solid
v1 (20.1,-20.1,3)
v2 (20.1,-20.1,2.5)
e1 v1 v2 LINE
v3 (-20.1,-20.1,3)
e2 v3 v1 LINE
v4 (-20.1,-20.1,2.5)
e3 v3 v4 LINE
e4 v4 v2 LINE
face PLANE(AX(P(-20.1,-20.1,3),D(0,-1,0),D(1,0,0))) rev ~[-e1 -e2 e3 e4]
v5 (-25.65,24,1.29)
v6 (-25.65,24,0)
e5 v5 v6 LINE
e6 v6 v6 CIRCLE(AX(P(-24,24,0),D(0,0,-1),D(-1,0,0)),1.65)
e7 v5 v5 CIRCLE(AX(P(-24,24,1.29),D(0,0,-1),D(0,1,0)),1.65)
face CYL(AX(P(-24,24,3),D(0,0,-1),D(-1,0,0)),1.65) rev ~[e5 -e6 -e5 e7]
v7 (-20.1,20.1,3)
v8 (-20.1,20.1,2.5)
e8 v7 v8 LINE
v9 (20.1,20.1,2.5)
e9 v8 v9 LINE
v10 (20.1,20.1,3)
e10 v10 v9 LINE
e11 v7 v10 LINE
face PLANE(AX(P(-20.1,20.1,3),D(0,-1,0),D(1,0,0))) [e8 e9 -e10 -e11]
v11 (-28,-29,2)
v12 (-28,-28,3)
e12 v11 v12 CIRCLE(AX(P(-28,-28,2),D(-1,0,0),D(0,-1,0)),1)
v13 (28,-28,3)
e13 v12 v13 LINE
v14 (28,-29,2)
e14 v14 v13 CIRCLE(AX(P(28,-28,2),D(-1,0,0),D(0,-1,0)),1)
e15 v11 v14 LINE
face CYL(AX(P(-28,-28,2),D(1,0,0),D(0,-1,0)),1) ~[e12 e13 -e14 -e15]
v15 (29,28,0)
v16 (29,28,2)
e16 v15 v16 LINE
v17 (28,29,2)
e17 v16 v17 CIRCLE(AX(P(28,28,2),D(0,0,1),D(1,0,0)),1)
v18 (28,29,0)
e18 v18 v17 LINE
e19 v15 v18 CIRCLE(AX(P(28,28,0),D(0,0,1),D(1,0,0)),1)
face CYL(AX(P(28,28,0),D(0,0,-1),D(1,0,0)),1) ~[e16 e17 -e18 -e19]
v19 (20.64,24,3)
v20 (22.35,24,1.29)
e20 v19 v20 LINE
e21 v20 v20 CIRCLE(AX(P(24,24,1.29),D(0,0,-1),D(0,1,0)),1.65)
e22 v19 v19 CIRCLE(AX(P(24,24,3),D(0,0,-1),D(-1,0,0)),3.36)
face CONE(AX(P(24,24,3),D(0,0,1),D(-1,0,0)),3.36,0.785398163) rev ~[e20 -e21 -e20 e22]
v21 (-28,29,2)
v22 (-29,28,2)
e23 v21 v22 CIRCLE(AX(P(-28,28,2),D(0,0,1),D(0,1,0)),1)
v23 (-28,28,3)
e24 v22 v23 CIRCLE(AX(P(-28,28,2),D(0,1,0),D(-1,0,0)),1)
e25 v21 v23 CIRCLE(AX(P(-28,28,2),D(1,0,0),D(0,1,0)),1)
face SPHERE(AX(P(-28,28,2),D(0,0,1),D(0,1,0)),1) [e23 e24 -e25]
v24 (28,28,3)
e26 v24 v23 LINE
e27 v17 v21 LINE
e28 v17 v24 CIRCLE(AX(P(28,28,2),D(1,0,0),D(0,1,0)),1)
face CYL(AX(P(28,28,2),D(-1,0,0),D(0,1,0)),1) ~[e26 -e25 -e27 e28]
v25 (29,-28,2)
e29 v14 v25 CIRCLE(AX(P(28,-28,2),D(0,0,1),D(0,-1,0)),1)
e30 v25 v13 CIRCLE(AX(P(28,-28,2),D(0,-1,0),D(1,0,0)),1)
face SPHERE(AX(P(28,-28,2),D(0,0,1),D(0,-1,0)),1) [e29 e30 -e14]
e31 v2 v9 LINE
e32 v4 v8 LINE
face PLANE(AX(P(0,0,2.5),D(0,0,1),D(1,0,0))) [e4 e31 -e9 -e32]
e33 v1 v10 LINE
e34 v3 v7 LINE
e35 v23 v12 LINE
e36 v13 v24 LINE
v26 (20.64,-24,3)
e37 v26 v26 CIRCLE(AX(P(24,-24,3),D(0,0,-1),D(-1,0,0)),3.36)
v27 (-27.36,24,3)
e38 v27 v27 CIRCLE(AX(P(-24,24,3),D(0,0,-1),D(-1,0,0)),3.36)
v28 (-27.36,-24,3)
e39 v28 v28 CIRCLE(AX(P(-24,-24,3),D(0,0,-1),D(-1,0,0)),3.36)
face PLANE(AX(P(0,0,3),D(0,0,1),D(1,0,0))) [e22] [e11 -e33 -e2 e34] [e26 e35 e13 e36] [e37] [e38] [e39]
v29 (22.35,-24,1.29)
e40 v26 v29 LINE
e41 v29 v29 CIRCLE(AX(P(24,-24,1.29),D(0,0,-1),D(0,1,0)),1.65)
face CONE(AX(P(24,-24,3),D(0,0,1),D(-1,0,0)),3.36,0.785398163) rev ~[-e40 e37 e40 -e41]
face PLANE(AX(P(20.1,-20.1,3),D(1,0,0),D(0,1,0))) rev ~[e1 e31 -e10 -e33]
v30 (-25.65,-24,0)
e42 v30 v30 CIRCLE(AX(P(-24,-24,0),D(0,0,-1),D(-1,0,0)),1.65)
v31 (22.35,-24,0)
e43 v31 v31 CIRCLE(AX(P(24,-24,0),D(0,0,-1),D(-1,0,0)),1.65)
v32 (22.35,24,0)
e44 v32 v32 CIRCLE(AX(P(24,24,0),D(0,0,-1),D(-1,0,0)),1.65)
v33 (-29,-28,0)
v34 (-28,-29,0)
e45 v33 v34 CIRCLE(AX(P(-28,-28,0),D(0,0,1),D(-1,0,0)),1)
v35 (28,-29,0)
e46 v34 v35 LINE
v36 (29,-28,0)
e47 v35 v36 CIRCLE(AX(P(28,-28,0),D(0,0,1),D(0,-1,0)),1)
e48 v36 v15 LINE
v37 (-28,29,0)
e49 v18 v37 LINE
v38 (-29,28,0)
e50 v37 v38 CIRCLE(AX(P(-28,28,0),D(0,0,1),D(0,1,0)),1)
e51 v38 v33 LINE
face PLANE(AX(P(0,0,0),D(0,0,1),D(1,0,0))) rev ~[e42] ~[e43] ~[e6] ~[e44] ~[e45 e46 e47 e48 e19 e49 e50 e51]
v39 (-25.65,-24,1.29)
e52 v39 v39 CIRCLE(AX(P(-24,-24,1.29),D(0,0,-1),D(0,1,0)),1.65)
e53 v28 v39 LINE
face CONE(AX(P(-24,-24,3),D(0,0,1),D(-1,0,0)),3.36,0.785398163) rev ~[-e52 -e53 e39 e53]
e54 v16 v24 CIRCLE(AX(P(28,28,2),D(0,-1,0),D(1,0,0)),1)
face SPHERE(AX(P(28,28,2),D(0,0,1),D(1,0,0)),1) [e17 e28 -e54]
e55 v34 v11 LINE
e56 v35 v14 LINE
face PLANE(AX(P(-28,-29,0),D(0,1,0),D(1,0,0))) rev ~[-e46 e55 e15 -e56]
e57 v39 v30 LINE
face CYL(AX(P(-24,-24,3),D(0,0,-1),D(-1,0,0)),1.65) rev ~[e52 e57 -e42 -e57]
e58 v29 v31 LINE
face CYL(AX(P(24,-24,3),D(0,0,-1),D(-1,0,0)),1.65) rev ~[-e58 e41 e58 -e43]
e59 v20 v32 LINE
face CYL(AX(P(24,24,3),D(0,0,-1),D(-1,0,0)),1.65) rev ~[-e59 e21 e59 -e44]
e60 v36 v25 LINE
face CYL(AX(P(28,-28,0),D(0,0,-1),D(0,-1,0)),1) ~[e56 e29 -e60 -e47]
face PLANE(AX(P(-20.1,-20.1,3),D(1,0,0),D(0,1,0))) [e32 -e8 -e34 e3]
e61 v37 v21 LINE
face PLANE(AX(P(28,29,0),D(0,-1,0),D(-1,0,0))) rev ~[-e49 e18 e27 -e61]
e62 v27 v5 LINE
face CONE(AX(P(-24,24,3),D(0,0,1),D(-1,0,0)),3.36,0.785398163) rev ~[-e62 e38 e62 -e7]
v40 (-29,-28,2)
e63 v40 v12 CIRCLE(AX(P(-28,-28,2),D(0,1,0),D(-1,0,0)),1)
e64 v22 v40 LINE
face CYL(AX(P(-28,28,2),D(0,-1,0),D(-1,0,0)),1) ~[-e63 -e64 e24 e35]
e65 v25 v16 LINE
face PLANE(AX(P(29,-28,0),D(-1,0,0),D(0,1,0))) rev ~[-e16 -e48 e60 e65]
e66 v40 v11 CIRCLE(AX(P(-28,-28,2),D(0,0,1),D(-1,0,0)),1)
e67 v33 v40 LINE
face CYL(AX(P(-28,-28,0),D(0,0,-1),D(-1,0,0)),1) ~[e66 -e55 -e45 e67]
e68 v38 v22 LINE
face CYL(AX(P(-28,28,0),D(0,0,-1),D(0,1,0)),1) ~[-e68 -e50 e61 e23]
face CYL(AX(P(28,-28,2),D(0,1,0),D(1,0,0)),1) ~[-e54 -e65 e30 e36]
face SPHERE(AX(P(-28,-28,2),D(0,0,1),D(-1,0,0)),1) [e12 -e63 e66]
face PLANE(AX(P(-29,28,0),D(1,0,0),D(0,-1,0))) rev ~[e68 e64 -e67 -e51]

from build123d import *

# Parameters (mm, degrees)
F1_DEPTH       = 3
F2_R           = 1
F4_D           = 3.3
F4_CSINK_D     = 6.72
F4_CSINK_ANGLE = 90
F5_W           = 40.2
F5_H           = 40.2
F6_DEPTH       = 0.5


with BuildPart() as f1:
    # F0 (on Top) → F1 (new body)
    with BuildSketch(Plane.XY):
        with BuildLine():
            Line((-28, -29), (28, -29))
            ThreePointArc((28, -29), (28.7071067812, -28.7071067812), (29, -28))
            Line((29, -28), (29, 28))
            ThreePointArc((29, 28), (28.7071067812, 28.7071067812), (28, 29))
            Line((28, 29), (-28, 29))
            ThreePointArc((-28, 29), (-28.7071067812, 28.7071067812), (-29, 28))
            Line((-29, 28), (-29, -28))
            ThreePointArc((-29, -28), (-28.7071067812, -28.7071067812), (-28, -29))
        make_face()
    extrude(amount=F1_DEPTH)

    # F2
    f2_edges = [f1.edges().sort_by_distance(p)[0] for p in [
        (29, 0, 3),
    ]]
    fillet(f2_edges, radius=F2_R)

    # F4 (through all)
    with Locations(Plane.XY.offset(3)):
        with Locations((-24, 24), (24, 24), (-24, -24), (24, -24)):
            CounterSinkHole(F4_D / 2, F4_CSINK_D / 2, counter_sink_angle=F4_CSINK_ANGLE)

    # F5 (on face) → F6 (cut)
    with BuildSketch(Plane.XY.offset(3)):
        Rectangle(F5_W, F5_H)
    extrude(amount=-F6_DEPTH, mode=Mode.SUBTRACT)


solid = f1.part
